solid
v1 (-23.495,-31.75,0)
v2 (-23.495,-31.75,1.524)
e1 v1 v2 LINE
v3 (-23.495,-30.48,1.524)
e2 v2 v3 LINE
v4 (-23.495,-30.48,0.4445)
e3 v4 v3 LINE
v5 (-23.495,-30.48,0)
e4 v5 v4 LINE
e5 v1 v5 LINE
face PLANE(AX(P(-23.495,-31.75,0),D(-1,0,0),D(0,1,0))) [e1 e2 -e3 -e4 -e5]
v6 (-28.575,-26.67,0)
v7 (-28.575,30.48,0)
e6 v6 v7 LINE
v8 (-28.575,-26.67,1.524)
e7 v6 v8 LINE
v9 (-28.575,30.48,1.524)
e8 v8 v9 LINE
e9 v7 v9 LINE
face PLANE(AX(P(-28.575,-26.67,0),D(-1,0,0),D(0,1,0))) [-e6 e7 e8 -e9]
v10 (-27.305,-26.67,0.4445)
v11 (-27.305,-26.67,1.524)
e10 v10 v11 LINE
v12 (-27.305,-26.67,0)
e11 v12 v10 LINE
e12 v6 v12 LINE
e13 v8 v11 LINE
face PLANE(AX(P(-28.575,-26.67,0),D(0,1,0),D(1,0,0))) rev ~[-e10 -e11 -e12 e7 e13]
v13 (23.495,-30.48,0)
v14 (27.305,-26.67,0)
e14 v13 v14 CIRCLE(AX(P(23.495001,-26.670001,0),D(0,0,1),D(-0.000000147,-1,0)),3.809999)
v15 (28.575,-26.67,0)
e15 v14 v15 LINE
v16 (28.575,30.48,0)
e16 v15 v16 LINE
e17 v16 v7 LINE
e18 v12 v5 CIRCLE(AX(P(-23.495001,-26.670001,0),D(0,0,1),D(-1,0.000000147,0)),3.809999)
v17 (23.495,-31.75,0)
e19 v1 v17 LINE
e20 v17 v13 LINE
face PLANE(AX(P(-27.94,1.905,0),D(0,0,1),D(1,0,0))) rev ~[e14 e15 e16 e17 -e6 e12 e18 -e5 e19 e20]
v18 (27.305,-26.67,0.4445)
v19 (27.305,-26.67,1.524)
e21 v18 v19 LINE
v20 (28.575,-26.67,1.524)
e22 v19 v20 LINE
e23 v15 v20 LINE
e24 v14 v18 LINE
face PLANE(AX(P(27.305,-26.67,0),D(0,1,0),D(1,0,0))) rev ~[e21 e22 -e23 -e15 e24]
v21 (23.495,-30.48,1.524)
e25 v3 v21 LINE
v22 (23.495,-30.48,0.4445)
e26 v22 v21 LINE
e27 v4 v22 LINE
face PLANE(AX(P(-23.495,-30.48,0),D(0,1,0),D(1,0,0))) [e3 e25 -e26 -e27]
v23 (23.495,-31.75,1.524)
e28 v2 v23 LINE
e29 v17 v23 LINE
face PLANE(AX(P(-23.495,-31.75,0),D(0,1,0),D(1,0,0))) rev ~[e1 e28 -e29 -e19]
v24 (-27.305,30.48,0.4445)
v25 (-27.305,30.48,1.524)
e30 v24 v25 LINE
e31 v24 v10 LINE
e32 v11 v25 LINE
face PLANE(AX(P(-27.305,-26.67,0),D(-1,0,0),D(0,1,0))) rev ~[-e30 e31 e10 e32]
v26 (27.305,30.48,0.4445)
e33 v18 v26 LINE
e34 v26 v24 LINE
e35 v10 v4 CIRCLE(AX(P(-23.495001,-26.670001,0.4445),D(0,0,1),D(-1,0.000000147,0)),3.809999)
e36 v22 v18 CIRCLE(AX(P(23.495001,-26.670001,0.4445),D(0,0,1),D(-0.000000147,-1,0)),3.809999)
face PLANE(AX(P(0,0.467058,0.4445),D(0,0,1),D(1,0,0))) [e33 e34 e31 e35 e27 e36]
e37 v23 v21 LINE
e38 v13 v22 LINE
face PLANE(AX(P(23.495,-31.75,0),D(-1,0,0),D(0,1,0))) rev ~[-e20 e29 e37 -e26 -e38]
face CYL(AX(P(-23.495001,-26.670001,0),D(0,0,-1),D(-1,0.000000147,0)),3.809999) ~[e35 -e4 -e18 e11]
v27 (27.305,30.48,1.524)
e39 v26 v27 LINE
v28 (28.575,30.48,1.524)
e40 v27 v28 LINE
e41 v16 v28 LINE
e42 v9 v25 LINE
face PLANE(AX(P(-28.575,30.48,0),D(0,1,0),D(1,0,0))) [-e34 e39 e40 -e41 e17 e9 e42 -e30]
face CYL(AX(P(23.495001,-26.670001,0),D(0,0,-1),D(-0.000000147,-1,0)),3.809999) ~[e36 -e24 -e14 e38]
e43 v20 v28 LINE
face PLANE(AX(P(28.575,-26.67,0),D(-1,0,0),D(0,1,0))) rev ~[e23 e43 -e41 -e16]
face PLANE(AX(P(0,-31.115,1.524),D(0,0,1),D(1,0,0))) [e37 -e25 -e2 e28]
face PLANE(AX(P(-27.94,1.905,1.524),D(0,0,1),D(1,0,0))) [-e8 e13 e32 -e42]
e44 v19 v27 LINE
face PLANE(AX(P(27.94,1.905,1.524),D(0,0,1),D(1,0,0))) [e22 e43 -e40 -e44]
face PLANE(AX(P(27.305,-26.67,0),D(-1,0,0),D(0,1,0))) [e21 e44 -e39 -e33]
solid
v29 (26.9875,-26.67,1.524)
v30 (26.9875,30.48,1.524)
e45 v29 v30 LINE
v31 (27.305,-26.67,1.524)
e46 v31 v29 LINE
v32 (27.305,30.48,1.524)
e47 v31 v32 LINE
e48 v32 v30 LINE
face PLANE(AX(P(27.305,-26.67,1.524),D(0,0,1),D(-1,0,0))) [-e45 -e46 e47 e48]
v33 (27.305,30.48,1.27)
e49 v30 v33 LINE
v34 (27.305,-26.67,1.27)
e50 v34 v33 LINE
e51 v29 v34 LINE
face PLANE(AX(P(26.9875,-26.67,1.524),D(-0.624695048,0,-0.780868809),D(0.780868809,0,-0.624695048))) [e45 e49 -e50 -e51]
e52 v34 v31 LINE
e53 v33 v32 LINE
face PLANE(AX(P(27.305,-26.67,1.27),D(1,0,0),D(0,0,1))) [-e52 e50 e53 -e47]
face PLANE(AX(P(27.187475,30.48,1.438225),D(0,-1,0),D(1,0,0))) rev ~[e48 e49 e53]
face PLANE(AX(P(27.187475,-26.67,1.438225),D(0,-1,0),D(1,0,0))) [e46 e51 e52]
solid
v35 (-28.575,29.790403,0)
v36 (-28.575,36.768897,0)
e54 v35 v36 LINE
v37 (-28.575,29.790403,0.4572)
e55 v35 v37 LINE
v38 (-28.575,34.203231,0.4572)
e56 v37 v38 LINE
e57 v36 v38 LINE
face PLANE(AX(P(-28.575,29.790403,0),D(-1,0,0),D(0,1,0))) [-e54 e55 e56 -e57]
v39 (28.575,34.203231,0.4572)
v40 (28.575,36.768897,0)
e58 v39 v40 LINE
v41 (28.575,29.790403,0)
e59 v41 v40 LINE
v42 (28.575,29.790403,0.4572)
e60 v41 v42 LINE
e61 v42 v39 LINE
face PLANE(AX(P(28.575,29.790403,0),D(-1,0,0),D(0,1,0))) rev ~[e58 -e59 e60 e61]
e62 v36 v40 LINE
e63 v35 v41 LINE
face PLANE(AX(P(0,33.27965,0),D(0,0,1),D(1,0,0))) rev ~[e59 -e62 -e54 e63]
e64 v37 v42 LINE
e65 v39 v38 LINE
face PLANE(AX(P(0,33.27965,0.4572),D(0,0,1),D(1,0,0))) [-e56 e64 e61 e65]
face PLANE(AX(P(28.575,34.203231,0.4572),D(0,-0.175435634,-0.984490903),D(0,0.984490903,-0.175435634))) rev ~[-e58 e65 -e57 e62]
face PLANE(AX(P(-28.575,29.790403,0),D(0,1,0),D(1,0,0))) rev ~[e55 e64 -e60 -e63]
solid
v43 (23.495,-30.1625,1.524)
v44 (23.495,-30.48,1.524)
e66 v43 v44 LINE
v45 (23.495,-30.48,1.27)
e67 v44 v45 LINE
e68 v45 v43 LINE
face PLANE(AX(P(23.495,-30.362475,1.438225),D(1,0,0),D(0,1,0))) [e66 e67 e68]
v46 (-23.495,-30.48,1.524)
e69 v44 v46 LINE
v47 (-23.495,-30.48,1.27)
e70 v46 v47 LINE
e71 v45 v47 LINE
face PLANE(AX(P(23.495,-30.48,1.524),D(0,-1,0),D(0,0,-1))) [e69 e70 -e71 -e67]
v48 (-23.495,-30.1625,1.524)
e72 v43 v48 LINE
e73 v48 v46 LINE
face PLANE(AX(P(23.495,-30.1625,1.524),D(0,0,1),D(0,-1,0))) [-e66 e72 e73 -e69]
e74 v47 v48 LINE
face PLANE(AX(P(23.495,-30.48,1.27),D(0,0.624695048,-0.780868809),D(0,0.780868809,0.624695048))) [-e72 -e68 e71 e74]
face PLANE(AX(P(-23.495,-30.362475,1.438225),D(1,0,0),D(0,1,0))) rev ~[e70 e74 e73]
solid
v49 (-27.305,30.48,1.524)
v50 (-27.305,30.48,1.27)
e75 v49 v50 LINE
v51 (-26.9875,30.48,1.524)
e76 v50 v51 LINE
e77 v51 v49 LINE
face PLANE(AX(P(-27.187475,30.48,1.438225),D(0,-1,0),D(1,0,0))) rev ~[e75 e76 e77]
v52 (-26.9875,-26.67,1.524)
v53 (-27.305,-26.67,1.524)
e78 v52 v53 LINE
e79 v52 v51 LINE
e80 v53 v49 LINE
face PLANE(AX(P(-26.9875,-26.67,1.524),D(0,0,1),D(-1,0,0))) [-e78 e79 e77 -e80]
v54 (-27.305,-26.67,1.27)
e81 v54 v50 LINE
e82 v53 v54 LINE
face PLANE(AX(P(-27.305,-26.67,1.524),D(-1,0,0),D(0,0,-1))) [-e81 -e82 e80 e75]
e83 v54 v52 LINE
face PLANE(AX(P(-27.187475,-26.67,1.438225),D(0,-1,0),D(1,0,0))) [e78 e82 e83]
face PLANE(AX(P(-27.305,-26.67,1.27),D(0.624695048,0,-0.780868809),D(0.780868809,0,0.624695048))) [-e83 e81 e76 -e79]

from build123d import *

# Parameters (mm, degrees)
F1_DEPTH  = 0.4445
F0_W      = 1.27
F0_H      = 57.15
F0_W_2    = 46.99
F0_H_2    = 1.27
F2_DEPTH  = 1.524
F4_DEPTH  = 57.15
F6_DEPTH  = 57.15
F8_DEPTH  = 46.99
F9_W      = 57.15
F9_H      = 6.978494
F10_DEPTH = 0.4572
F12_DEPTH = 76.2


with BuildPart() as f1:
    # F0 (on Top) → F1 (new body)
    with BuildSketch(Plane.XY):
        with BuildLine():
            Line((26.056772, 30.48), (-27.305, 30.48))
            Line((-27.305, 30.48), (-27.305, -26.67))
            ThreePointArc((-27.305, -26.67), (-26.189077, -29.364077), (-23.495, -30.48))
            Line((-23.495, -30.48), (23.495, -30.48))
            ThreePointArc((23.495, -30.48), (26.189077, -29.364077), (27.305, -26.67))
            Line((27.305, -26.67), (27.305, 30.48))
            Line((27.305, 30.48), (26.056772, 30.48))
        make_face()
    extrude(amount=F1_DEPTH)

    # F0 (on Top) → F2 (join)
    with BuildSketch(Plane.XY):
        with Locations((-27.94, 1.905)):
            Rectangle(F0_W, F0_H)
        with Locations((27.94, 1.905)):
            Rectangle(F0_W, F0_H)
        with Locations((0, -31.115)):
            Rectangle(F0_W_2, F0_H_2)
    extrude(amount=F2_DEPTH)


with BuildPart() as f4:
    # F3 (on face) → F4 (new body)
    with BuildSketch(Plane.XZ.offset(26.67)):
        Polygon((27.305, 1.27), (27.305, 1.524), (26.9875, 1.524), align=None)
    extrude(amount=-F4_DEPTH)


with BuildPart() as f6:
    # F5 (on face) → F6 (new body)
    with BuildSketch(Plane.XZ.offset(26.67)):
        Polygon((-26.9875, 1.524), (-27.305, 1.524), (-27.305, 1.27), align=None)
    extrude(amount=-F6_DEPTH)


with BuildPart() as f8:
    # F7 (on face) → F8 (new body, through all)
    with BuildSketch(Plane.YZ.offset(23.495)):
        Polygon((-30.1625, 1.524), (-30.48, 1.524), (-30.48, 1.27), align=None)
    extrude(amount=-F8_DEPTH)


with BuildPart() as f10:
    # F9 (on Top) → F10 (new body)
    with BuildSketch(Plane.XY):
        with Locations((0, 33.27965)):
            Rectangle(F9_W, F9_H)
    extrude(amount=F10_DEPTH)

    # F11 (on face) → F12 (cut)
    with BuildSketch(Plane.YZ.offset(28.575)):
        Polygon((34.203231, 0.4572), (36.768897, 0), (36.768897, 0.4572), align=None)
    extrude(amount=-F12_DEPTH, mode=Mode.SUBTRACT)


solid = Compound([f1.part, f4.part, f6.part, f8.part, f10.part])
